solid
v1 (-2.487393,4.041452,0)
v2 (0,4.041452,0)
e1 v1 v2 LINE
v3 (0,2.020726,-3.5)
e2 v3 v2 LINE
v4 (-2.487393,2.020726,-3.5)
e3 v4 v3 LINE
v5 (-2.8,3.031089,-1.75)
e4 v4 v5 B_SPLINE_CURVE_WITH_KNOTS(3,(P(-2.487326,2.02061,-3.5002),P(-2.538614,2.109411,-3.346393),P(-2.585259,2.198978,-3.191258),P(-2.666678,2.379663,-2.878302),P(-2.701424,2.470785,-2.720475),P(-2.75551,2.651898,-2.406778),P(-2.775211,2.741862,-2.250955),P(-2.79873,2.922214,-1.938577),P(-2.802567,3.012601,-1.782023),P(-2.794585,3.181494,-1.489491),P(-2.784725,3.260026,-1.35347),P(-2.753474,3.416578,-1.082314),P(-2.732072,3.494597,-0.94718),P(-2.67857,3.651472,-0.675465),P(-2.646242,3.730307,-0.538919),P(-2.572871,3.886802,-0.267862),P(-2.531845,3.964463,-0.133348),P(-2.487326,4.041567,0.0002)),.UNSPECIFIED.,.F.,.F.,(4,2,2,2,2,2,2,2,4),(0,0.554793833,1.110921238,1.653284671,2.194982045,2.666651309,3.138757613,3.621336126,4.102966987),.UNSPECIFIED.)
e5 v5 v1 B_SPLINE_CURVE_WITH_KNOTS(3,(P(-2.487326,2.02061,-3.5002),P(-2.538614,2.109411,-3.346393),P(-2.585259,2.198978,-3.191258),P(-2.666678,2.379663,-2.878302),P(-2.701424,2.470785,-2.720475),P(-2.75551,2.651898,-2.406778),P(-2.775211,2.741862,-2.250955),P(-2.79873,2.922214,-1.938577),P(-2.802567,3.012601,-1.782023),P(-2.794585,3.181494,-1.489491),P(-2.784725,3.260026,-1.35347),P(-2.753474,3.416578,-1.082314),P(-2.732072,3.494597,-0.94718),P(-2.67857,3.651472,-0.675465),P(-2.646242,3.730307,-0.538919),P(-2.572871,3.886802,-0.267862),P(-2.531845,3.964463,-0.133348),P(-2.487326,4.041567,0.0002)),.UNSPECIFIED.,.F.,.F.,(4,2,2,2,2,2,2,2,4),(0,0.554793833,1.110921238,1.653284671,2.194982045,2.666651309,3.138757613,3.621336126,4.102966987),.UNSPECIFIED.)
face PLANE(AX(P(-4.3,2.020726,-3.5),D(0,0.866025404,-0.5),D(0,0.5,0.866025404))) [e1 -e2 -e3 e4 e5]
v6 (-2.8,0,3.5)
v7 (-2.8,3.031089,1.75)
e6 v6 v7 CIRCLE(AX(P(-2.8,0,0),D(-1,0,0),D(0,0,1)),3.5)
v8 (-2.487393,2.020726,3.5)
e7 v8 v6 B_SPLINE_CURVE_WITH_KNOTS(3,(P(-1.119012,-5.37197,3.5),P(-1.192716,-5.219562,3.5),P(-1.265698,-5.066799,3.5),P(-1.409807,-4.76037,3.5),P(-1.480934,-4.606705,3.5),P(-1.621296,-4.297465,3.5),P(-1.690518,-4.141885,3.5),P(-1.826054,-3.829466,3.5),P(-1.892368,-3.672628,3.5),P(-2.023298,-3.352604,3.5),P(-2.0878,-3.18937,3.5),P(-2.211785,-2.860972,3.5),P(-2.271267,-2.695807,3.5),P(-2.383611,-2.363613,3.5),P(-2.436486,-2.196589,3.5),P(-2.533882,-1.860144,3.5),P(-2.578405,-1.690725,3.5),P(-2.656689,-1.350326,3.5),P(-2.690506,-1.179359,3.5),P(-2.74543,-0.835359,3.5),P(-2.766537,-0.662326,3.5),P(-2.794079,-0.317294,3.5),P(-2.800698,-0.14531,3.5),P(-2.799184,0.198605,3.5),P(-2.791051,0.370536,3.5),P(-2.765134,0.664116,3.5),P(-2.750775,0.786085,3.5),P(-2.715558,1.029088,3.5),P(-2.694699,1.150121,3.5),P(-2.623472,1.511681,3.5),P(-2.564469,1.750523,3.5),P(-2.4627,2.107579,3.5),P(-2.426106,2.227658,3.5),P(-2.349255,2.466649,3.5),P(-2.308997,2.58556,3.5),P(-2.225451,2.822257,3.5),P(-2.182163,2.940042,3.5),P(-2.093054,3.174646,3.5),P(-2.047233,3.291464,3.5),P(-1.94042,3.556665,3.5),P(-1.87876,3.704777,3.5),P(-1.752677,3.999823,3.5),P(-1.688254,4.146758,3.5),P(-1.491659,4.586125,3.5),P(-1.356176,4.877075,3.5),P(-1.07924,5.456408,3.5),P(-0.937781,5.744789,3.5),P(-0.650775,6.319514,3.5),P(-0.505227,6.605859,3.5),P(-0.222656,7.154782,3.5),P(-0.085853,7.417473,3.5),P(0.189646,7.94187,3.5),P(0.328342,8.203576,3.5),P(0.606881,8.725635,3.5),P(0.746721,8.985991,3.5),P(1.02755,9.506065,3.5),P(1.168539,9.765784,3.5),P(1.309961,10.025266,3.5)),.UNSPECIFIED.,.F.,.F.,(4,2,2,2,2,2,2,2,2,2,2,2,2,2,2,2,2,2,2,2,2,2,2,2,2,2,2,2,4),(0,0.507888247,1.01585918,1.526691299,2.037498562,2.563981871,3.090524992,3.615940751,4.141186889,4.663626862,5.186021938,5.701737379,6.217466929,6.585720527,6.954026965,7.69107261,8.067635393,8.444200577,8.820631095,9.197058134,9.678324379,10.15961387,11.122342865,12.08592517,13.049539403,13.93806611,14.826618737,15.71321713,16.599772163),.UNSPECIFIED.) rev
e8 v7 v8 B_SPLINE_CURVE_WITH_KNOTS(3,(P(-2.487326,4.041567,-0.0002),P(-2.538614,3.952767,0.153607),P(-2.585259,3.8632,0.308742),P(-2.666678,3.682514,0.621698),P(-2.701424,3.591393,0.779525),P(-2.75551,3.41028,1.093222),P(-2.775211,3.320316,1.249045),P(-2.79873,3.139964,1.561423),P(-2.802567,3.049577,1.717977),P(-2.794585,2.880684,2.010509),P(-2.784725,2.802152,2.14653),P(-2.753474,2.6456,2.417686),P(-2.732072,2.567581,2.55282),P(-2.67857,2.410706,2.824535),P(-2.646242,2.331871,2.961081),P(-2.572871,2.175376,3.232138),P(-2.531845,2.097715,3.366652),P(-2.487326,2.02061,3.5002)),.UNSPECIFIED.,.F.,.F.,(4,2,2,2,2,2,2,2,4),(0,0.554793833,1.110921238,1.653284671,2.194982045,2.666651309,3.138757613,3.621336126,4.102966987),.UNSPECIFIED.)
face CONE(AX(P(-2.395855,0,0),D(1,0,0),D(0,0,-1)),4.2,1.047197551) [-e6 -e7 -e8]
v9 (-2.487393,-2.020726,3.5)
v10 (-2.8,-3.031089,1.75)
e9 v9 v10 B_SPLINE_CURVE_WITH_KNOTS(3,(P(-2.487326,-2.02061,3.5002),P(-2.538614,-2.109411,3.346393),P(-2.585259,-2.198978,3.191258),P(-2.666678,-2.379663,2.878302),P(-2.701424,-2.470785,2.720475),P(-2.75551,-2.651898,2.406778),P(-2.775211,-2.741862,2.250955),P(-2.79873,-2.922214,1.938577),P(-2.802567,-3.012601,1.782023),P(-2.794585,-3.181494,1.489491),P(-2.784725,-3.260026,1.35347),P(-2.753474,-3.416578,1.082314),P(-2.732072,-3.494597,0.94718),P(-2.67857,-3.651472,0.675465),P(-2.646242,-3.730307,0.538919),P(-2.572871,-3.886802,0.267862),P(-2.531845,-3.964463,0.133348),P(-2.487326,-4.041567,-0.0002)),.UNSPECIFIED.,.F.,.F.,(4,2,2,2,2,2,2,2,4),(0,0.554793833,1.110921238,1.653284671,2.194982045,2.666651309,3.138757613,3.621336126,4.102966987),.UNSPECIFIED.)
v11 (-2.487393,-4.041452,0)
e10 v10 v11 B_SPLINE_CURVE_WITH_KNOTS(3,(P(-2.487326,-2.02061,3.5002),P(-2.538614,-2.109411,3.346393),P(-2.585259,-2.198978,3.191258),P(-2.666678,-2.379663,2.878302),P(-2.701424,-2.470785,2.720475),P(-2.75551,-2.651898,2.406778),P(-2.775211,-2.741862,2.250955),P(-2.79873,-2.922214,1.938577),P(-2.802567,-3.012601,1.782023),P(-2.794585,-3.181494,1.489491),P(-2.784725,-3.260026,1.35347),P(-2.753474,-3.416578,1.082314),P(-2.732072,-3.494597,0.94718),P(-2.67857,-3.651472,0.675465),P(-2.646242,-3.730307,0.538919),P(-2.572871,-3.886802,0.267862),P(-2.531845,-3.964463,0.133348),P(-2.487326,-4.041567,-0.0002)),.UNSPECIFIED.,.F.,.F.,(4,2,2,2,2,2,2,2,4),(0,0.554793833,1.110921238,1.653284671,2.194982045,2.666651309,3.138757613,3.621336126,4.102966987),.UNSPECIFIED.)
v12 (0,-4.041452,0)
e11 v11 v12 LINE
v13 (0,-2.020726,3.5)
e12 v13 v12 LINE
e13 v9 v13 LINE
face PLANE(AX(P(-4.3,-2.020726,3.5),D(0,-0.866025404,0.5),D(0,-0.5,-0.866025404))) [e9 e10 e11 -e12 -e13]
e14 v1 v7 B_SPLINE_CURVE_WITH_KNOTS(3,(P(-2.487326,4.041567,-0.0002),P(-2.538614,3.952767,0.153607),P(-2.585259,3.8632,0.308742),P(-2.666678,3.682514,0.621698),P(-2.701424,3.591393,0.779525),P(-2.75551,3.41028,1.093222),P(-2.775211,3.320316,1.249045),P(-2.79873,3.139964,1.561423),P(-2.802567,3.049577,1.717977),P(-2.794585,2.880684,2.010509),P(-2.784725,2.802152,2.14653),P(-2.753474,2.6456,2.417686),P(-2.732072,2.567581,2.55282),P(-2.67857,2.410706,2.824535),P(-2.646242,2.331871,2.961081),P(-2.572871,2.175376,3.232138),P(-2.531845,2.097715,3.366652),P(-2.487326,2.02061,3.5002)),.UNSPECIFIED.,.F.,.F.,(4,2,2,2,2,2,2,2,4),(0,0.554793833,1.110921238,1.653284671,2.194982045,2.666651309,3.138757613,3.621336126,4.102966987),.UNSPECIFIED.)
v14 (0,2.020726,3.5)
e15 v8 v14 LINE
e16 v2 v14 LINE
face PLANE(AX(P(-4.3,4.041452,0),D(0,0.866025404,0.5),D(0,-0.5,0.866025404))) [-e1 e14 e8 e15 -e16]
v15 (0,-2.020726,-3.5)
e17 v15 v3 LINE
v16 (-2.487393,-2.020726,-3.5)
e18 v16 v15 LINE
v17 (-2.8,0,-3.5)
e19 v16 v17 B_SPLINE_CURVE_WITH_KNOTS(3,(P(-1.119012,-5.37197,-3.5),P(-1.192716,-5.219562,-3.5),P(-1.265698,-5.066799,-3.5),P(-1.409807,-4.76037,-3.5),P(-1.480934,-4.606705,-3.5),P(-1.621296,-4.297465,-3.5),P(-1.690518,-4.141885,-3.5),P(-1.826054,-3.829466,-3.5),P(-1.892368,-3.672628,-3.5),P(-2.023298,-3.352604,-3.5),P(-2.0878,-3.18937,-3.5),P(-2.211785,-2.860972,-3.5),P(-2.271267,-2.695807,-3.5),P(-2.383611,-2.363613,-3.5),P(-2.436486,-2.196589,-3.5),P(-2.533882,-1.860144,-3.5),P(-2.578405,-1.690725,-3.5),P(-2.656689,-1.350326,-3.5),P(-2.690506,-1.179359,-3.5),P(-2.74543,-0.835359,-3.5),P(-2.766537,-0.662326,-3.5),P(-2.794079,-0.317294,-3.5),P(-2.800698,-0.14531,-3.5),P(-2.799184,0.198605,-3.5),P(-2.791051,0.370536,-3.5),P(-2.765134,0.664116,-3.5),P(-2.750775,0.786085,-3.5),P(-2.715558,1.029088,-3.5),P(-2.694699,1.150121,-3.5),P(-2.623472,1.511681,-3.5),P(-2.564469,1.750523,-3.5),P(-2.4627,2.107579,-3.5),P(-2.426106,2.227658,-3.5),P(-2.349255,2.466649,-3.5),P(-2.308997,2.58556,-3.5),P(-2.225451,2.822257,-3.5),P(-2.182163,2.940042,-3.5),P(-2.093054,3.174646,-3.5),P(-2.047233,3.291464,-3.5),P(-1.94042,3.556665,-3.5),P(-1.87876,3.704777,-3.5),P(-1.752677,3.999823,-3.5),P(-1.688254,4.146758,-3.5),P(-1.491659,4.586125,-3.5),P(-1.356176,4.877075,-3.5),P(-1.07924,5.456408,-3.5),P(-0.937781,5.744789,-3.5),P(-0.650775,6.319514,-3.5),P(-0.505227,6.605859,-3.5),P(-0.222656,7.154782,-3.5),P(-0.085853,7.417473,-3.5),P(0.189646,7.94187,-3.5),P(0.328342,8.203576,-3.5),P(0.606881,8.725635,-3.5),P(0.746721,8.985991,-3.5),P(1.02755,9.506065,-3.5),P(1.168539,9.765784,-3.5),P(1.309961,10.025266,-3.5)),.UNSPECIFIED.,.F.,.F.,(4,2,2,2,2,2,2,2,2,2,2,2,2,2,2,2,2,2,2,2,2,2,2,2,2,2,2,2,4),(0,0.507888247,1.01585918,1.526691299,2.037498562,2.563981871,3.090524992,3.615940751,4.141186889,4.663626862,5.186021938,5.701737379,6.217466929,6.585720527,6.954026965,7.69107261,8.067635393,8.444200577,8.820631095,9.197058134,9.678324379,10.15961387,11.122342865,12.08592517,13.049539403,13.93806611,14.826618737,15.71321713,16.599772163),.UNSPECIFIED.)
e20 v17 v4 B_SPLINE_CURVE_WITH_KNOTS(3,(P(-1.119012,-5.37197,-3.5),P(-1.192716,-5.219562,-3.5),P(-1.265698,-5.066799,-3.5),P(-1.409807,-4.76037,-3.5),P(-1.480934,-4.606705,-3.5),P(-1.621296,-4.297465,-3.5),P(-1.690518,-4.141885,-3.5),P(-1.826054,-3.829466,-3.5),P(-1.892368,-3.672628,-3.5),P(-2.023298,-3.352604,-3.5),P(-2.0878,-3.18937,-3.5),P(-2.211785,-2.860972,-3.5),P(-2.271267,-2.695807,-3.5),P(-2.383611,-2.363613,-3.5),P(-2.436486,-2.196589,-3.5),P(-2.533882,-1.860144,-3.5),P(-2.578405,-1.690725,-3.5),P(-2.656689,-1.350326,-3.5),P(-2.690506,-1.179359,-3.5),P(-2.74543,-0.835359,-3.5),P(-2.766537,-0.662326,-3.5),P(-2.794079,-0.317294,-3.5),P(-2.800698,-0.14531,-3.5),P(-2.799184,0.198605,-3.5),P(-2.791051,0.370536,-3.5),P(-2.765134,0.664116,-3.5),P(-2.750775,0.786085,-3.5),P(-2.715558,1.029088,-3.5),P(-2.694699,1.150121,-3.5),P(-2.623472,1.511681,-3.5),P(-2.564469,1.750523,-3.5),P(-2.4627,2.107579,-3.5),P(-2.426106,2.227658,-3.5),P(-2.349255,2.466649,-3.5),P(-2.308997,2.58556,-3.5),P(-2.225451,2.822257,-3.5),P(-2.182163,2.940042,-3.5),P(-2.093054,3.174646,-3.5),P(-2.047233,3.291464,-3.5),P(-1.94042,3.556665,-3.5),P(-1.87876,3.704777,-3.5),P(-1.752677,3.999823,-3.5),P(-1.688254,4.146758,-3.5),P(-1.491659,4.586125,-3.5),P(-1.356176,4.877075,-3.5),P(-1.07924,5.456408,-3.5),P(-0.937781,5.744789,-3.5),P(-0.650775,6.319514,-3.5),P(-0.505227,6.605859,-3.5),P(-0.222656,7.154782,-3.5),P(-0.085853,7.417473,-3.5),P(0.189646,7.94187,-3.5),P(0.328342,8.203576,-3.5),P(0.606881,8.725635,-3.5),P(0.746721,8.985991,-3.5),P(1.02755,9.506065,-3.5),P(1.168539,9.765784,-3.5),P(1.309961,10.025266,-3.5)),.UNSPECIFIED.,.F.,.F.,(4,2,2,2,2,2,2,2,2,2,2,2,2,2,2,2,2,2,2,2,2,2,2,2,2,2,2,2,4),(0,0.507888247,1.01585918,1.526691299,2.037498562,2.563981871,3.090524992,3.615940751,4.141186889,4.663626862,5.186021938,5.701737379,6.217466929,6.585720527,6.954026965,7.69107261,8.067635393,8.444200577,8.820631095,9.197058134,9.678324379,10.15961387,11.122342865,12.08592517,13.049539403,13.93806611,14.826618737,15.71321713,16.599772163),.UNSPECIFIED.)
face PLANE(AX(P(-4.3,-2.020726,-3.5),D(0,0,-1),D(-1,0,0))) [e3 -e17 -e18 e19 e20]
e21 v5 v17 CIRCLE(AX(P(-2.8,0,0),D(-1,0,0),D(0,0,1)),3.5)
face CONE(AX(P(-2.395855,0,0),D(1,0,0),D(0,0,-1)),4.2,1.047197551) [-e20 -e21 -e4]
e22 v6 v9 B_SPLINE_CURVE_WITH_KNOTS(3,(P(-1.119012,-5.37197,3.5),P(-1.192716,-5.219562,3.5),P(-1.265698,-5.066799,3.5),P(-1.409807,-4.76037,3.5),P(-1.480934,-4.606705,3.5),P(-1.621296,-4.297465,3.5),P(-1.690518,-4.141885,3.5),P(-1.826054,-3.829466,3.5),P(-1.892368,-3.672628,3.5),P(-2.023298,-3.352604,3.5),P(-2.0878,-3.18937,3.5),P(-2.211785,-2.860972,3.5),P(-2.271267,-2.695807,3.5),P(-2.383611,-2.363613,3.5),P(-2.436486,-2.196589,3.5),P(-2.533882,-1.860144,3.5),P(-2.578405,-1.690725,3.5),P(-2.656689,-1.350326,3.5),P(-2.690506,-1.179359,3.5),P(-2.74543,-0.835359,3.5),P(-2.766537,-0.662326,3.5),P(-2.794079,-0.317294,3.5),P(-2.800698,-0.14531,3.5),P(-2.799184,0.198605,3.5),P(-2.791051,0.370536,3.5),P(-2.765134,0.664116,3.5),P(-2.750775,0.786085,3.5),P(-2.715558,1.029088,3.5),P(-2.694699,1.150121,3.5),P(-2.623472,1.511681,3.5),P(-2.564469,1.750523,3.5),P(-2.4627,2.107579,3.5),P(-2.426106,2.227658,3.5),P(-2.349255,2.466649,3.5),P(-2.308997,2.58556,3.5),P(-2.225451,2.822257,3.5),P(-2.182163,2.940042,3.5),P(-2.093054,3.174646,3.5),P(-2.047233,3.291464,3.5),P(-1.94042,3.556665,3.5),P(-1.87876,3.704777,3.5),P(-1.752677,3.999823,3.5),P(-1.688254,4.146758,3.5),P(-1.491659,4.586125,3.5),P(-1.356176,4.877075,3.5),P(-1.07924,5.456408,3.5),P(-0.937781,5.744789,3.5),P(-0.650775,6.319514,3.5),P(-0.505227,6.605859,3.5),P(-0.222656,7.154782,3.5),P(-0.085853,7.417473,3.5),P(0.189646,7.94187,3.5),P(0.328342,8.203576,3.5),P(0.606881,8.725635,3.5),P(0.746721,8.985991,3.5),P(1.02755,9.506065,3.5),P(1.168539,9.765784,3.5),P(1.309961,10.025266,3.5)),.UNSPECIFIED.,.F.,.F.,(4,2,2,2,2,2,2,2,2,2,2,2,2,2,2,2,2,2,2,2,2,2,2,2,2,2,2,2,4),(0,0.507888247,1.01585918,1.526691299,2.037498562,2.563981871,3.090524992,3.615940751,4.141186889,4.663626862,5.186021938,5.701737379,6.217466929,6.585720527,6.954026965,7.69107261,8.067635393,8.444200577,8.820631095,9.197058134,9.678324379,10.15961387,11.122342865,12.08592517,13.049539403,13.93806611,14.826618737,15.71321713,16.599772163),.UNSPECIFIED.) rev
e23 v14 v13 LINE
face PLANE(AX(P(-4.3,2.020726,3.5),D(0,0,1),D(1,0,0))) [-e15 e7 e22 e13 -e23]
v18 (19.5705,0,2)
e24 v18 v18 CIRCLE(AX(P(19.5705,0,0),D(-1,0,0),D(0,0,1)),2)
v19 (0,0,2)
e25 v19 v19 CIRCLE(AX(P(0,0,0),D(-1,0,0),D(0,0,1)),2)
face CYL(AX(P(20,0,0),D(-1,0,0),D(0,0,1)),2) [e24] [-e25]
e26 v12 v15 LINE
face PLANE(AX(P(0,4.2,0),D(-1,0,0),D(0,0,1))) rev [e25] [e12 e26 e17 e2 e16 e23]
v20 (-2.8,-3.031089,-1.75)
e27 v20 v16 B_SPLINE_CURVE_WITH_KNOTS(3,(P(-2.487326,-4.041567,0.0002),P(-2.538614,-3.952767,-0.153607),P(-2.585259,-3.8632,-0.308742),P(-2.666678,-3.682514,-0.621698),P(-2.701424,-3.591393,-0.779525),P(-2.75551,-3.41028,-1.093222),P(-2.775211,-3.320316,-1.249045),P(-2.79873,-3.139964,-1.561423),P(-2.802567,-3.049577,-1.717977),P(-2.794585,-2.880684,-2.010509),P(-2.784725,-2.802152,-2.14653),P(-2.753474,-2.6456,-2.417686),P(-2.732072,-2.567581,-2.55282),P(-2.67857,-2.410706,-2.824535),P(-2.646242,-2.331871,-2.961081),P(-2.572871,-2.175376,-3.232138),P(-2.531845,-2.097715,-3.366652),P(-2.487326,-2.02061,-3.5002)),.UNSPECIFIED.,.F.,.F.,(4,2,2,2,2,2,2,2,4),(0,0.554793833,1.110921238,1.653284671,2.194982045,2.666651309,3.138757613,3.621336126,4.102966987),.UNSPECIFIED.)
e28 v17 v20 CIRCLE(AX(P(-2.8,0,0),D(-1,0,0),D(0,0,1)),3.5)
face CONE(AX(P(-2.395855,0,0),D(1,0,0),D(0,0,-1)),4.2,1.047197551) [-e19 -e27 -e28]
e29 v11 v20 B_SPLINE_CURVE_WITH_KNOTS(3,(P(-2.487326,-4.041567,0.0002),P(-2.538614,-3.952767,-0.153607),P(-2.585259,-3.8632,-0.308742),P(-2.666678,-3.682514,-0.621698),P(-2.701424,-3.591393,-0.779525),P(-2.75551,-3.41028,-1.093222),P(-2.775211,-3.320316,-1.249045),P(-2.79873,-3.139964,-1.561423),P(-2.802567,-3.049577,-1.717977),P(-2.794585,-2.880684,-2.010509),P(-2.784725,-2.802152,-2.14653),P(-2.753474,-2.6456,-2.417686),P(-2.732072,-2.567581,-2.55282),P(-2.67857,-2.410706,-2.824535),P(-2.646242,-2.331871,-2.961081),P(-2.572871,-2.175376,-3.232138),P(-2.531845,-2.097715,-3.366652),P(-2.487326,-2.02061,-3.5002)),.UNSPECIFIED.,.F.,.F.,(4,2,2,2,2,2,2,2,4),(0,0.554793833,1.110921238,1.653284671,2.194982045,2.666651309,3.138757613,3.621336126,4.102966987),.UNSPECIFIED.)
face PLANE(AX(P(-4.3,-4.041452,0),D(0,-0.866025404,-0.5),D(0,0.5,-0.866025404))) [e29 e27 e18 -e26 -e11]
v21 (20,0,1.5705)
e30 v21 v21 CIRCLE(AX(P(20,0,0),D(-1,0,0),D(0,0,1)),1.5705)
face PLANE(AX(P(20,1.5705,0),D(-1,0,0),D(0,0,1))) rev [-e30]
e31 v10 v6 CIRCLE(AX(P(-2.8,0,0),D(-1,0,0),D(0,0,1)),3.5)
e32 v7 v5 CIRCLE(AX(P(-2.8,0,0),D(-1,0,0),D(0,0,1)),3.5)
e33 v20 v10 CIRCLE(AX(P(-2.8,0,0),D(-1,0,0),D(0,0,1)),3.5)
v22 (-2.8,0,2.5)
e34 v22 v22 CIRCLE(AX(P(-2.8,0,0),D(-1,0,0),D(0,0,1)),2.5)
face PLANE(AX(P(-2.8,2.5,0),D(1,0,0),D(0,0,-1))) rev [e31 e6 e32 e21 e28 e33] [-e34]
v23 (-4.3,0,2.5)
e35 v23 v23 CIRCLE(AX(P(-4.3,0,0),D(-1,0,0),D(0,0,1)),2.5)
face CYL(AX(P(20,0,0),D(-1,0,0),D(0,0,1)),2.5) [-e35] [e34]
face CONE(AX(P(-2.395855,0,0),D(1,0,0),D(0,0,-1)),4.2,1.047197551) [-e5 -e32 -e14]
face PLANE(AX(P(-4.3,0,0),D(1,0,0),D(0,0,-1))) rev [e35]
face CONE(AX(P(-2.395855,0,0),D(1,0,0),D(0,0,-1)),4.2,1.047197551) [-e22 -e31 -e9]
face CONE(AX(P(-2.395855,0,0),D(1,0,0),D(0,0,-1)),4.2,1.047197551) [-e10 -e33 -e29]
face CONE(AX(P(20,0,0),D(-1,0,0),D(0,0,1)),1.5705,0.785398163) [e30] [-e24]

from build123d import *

# Parameters (mm, degrees)
SKETCH_2_W          = 16.2
SKETCH_2_H          = 16.2
CUT_EXTRUDE_1_DEPTH = 4.3


with BuildPart() as part:
    # 草图1 → 旋转1 (revolve)
    with BuildSketch(Plane.XY):
        Polygon((-4.3, 0), (-4.3, 2.5), (-2.8, 2.5), (-2.8, 3.5), (-2.395854812, 4.2), (0, 4.2), (0, 2), (19.5705, 2), (20, 1.5705), (20, 0), align=None)
    revolve(axis=Axis((20, 0, 0), (-1, 0, 0)))

    # 草图2 → 切除-拉伸1 (cut)
    with BuildSketch(Plane(origin=(0, 0, 0), x_dir=(0, 0, -1), z_dir=(1, 0, 0))):
        Rectangle(SKETCH_2_W, SKETCH_2_H)
        Polygon((-3.5, 2.020725942), (-3.5, -2.020725942), (0, -4.041451884), (3.5, -2.020725942), (3.5, 2.020725942), (0, 4.041451884), align=None, mode=Mode.SUBTRACT)
    extrude(amount=-CUT_EXTRUDE_1_DEPTH, mode=Mode.SUBTRACT)


solid = part.part
